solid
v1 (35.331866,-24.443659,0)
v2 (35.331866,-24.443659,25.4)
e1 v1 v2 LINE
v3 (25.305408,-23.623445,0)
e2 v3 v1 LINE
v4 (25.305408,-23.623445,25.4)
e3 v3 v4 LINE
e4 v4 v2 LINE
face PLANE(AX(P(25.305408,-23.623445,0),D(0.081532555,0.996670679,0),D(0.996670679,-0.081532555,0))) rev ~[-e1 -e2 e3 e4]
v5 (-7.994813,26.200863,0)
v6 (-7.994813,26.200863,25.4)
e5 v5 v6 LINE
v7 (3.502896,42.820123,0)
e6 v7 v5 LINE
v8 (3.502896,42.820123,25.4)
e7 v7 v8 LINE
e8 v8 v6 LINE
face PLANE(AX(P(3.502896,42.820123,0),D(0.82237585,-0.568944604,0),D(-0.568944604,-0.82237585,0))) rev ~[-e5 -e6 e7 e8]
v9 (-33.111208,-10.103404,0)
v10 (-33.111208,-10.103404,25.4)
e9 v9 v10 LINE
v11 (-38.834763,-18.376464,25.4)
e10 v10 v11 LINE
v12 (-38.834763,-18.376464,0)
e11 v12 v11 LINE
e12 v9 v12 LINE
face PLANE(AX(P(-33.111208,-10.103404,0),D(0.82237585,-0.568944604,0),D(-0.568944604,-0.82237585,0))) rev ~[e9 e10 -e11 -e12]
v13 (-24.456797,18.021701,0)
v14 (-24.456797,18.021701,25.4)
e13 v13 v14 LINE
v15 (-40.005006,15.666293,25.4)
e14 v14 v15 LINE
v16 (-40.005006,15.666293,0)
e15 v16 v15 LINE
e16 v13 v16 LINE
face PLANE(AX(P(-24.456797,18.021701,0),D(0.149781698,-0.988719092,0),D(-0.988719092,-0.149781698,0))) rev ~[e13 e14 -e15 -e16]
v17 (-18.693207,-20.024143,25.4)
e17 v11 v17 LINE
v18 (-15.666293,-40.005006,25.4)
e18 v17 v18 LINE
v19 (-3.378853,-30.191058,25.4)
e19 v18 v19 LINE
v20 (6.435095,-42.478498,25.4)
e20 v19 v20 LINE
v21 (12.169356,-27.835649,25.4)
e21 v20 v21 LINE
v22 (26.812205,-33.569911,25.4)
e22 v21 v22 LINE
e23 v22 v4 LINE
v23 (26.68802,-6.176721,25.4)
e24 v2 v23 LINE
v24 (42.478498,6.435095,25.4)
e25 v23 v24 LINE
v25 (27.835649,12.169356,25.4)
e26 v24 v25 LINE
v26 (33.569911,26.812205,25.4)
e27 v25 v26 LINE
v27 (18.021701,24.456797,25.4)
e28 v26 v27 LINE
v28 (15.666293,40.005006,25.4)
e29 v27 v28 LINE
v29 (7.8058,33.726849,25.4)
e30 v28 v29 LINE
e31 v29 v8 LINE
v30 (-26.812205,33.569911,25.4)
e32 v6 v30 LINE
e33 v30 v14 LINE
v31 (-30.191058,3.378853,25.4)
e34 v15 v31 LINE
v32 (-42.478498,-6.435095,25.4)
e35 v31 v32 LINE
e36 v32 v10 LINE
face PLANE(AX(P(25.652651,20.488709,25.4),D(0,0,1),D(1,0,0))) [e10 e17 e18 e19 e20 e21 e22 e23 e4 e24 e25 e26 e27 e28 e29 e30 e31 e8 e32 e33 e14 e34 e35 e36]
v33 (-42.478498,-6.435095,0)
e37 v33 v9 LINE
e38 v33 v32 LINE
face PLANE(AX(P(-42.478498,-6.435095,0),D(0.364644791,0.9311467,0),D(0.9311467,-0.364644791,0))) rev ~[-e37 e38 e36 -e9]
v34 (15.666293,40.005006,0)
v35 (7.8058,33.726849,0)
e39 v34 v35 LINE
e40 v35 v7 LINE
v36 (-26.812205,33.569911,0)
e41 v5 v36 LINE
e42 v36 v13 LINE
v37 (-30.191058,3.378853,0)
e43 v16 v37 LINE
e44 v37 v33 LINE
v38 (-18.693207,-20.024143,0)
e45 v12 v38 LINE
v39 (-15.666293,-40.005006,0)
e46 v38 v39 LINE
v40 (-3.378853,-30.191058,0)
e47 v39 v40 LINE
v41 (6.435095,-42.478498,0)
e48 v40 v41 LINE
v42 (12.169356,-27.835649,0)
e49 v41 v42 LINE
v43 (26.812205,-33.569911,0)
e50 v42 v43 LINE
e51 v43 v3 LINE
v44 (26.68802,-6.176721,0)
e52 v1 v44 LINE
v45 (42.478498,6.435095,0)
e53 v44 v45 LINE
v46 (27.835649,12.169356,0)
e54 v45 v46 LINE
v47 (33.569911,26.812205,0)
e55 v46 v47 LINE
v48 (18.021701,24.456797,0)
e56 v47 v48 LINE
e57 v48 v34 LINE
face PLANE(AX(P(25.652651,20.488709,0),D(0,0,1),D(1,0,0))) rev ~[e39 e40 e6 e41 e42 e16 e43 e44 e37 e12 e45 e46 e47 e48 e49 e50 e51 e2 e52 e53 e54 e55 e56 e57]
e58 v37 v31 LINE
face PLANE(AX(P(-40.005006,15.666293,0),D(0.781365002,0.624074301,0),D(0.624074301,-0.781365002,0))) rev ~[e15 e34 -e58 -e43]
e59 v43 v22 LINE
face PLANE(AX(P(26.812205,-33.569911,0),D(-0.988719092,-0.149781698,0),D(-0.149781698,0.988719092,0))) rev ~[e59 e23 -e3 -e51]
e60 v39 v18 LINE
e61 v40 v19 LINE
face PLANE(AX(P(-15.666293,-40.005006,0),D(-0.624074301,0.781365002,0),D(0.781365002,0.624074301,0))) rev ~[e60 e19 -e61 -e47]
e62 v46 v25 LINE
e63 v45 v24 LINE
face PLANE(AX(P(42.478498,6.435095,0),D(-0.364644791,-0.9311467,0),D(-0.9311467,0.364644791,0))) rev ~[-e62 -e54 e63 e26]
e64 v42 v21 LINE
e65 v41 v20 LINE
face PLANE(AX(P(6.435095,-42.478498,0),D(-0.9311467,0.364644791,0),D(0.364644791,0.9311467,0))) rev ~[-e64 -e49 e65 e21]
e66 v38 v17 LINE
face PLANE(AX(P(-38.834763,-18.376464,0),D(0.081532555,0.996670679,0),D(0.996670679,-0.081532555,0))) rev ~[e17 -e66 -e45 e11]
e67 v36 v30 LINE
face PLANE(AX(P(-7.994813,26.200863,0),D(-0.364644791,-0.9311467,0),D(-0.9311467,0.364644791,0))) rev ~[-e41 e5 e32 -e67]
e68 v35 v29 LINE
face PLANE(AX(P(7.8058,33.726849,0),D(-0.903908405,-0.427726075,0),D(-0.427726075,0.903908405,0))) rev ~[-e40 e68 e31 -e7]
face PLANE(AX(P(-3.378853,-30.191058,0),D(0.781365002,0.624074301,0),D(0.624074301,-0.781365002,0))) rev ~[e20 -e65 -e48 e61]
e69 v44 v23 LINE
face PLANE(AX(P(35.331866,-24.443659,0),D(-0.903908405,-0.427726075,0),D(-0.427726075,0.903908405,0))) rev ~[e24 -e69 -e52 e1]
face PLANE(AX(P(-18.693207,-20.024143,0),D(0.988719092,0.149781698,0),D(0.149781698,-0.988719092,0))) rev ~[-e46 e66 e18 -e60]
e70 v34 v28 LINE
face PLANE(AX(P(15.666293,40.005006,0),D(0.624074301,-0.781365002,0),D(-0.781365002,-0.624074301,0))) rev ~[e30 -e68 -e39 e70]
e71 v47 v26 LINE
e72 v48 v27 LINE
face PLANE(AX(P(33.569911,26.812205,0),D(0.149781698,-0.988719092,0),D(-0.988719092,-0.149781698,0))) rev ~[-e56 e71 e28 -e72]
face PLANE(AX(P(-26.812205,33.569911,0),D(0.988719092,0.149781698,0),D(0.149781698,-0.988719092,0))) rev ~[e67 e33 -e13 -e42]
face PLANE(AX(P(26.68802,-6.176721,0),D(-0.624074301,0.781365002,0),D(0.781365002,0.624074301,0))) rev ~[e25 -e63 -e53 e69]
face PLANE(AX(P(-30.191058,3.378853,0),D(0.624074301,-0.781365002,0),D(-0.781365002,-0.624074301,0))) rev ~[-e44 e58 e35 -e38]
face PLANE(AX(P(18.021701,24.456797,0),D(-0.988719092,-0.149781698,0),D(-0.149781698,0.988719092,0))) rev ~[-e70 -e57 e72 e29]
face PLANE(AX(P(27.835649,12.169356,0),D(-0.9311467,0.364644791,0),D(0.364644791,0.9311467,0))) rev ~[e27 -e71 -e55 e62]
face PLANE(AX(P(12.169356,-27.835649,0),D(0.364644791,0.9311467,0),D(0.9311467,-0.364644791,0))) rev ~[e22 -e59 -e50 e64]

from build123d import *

# Parameters (mm, degrees)
F1_DEPTH = 25.4


with BuildPart() as f1:
    # F0 (on Top) → F1 (new body)
    with BuildSketch(Plane.XY):
        Polygon((27.8356494382, 12.1693564579), (33.5699106521, 26.8122048944), (18.0217013154, 24.4567965593), (19.3815969517, 15.4800337134), align=None)
        Polygon((42.4784978747, 6.435095244), (27.8356494382, 12.1693564579), (23.3848302984, 0.8038696669), (26.688019605, -6.1767208295), align=None)
        Polygon((23.3848302984, 0.8038696669), (27.8356494382, 12.1693564579), (19.3815969517, 15.4800337134), (20.7667316179, 6.3366663281), align=None)
        Polygon((19.3815969517, 15.4800337134), (18.0217013154, 24.4567965593), (12.5822778175, 23.6327747593), (15.7710654967, 16.8939478554), align=None)
        Polygon((12.5822778175, 23.6327747593), (18.0217013154, 24.4567965593), (15.6662929803, 40.0050058961), (7.8057995659, 33.7268491806), align=None)
        Polygon((26.688019605, -6.1767208295), (23.3848302984, 0.8038696669), (22.1013882243, -2.4734919786), (23.096900923, -9.0449384694), align=None)
        Polygon((2.4734919786, 22.1013882243), (12.5822778175, 23.6327747593), (7.8057995659, 33.7268491806), (-3.7153039714, 24.5249721827), align=None)
        Polygon((35.3318663109, -24.443658799), (26.688019605, -6.1767208295), (23.096900923, -9.0449384694), (25.3054083971, -23.6234453112), align=None)
        Polygon((-3.7153039714, 24.5249721827), (7.8057995659, 33.7268491806), (3.502896326, 42.8201231878), (-7.9948126521, 26.2008633694), align=None)
        Polygon((23.096900923, -9.0449384694), (17.9036176718, -13.1928010017), (14.1754443947, -22.7129596071), (25.3054083971, -23.6234453112), align=None)
        Polygon((-12.388586702, 19.8499222681), (-8.9085872226, 20.3771096504), (-3.7153039714, 24.5249721827), (-7.9948126521, 26.2008633694), align=None)
        Polygon((25.3054083971, -23.6234453112), (14.1754443947, -22.7129596071), (12.1693564579, -27.8356494382), (26.8122048944, -33.5699106521), align=None)
        Polygon((12.1693564579, -27.8356494382), (14.1754443947, -22.7129596071), (6.7450552646, -22.1051172926), (3.7153039714, -24.5249721827), align=None)
        Polygon((-15.8710798244, 14.8161839706), (-12.388586702, 19.8499222681), (-24.4567965593, 18.0217013154), (-23.096900923, 9.0449384694), align=None)
        Polygon((-24.4567965593, 18.0217013154), (-12.388586702, 19.8499222681), (-7.9948126521, 26.2008633694), (-26.8122048944, 33.5699106521), align=None)
        Polygon((6.435095244, -42.4784978747), (12.1693564579, -27.8356494382), (3.7153039714, -24.5249721827), (-3.3788528789, -30.1910577733), align=None)
        Polygon((3.7153039714, -24.5249721827), (-4.8956517935, -21.1528502987), (-10.9962435963, -20.653791935), (-3.3788528789, -30.1910577733), align=None)
        Polygon((-23.096900923, 9.0449384694), (-24.4567965593, 18.0217013154), (-40.0050058961, 15.6662929803), (-30.1910577733, 3.3788528789), align=None)
        Polygon((-26.7577222122, -0.9198151522), (-22.5161207613, 5.2111694372), (-23.096900923, 9.0449384694), (-30.1910577733, 3.3788528789), align=None)
        Polygon((-18.693206953, -20.0241425399), (-10.9962435963, -20.653791935), (-13.1928010017, -17.9036176718), (-19.3815969517, -15.4800337134), align=None)
        Polygon((-3.3788528789, -30.1910577733), (-10.9962435963, -20.653791935), (-18.693206953, -20.0241425399), (-15.6662929803, -40.0050058961), align=None)
        Polygon((-33.111207963, -10.1034038694), (-26.7577222122, -0.9198151522), (-30.1910577733, 3.3788528789), (-42.4784978747, -6.435095244), align=None)
        Polygon((-20.3771096504, -8.9085872226), (-26.7577222122, -0.9198151522), (-33.111207963, -10.1034038694), (-19.3815969517, -15.4800337134), align=None)
        Polygon((-38.8347626368, -18.3764643888), (-18.693206953, -20.0241425399), (-19.3815969517, -15.4800337134), (-33.111207963, -10.1034038694), align=None)
        Polygon((17.9036176718, -13.1928010017), (22.1013882243, -2.4734919786), (20.7667316179, 6.3366663281), (15.7710654967, 16.8939478554), (2.4734919786, 22.1013882243), (-8.9085872226, 20.3771096504), (-15.8710798244, 14.8161839706), (-22.5161207613, 5.2111694372), (-20.3771096504, -8.9085872226), (-13.1928010017, -17.9036176718), (-4.8956517935, -21.1528502987), (6.7450552646, -22.1051172926), align=None)
        Polygon((15.7710654967, 16.8939478554), (12.5822778175, 23.6327747593), (2.4734919786, 22.1013882243), align=None)
        Polygon((20.7667316179, 6.3366663281), (19.3815969517, 15.4800337134), (15.7710654967, 16.8939478554), align=None)
        Polygon((22.1013882243, -2.4734919786), (23.3848302984, 0.8038696669), (20.7667316179, 6.3366663281), align=None)
        Polygon((23.096900923, -9.0449384694), (22.1013882243, -2.4734919786), (17.9036176718, -13.1928010017), align=None)
        Polygon((14.1754443947, -22.7129596071), (17.9036176718, -13.1928010017), (6.7450552646, -22.1051172926), align=None)
        Polygon((3.7153039714, -24.5249721827), (6.7450552646, -22.1051172926), (-4.8956517935, -21.1528502987), align=None)
        Polygon((-10.9962435963, -20.653791935), (-4.8956517935, -21.1528502987), (-13.1928010017, -17.9036176718), align=None)
        Polygon((-19.3815969517, -15.4800337134), (-13.1928010017, -17.9036176718), (-20.3771096504, -8.9085872226), align=None)
        Polygon((-20.3771096504, -8.9085872226), (-22.5161207613, 5.2111694372), (-26.7577222122, -0.9198151522), align=None)
        Polygon((-22.5161207613, 5.2111694372), (-15.8710798244, 14.8161839706), (-23.096900923, 9.0449384694), align=None)
        Polygon((-15.8710798244, 14.8161839706), (-8.9085872226, 20.3771096504), (-12.388586702, 19.8499222681), align=None)
        Polygon((-8.9085872226, 20.3771096504), (2.4734919786, 22.1013882243), (-3.7153039714, 24.5249721827), align=None)
    extrude(amount=F1_DEPTH)


solid = f1.part
